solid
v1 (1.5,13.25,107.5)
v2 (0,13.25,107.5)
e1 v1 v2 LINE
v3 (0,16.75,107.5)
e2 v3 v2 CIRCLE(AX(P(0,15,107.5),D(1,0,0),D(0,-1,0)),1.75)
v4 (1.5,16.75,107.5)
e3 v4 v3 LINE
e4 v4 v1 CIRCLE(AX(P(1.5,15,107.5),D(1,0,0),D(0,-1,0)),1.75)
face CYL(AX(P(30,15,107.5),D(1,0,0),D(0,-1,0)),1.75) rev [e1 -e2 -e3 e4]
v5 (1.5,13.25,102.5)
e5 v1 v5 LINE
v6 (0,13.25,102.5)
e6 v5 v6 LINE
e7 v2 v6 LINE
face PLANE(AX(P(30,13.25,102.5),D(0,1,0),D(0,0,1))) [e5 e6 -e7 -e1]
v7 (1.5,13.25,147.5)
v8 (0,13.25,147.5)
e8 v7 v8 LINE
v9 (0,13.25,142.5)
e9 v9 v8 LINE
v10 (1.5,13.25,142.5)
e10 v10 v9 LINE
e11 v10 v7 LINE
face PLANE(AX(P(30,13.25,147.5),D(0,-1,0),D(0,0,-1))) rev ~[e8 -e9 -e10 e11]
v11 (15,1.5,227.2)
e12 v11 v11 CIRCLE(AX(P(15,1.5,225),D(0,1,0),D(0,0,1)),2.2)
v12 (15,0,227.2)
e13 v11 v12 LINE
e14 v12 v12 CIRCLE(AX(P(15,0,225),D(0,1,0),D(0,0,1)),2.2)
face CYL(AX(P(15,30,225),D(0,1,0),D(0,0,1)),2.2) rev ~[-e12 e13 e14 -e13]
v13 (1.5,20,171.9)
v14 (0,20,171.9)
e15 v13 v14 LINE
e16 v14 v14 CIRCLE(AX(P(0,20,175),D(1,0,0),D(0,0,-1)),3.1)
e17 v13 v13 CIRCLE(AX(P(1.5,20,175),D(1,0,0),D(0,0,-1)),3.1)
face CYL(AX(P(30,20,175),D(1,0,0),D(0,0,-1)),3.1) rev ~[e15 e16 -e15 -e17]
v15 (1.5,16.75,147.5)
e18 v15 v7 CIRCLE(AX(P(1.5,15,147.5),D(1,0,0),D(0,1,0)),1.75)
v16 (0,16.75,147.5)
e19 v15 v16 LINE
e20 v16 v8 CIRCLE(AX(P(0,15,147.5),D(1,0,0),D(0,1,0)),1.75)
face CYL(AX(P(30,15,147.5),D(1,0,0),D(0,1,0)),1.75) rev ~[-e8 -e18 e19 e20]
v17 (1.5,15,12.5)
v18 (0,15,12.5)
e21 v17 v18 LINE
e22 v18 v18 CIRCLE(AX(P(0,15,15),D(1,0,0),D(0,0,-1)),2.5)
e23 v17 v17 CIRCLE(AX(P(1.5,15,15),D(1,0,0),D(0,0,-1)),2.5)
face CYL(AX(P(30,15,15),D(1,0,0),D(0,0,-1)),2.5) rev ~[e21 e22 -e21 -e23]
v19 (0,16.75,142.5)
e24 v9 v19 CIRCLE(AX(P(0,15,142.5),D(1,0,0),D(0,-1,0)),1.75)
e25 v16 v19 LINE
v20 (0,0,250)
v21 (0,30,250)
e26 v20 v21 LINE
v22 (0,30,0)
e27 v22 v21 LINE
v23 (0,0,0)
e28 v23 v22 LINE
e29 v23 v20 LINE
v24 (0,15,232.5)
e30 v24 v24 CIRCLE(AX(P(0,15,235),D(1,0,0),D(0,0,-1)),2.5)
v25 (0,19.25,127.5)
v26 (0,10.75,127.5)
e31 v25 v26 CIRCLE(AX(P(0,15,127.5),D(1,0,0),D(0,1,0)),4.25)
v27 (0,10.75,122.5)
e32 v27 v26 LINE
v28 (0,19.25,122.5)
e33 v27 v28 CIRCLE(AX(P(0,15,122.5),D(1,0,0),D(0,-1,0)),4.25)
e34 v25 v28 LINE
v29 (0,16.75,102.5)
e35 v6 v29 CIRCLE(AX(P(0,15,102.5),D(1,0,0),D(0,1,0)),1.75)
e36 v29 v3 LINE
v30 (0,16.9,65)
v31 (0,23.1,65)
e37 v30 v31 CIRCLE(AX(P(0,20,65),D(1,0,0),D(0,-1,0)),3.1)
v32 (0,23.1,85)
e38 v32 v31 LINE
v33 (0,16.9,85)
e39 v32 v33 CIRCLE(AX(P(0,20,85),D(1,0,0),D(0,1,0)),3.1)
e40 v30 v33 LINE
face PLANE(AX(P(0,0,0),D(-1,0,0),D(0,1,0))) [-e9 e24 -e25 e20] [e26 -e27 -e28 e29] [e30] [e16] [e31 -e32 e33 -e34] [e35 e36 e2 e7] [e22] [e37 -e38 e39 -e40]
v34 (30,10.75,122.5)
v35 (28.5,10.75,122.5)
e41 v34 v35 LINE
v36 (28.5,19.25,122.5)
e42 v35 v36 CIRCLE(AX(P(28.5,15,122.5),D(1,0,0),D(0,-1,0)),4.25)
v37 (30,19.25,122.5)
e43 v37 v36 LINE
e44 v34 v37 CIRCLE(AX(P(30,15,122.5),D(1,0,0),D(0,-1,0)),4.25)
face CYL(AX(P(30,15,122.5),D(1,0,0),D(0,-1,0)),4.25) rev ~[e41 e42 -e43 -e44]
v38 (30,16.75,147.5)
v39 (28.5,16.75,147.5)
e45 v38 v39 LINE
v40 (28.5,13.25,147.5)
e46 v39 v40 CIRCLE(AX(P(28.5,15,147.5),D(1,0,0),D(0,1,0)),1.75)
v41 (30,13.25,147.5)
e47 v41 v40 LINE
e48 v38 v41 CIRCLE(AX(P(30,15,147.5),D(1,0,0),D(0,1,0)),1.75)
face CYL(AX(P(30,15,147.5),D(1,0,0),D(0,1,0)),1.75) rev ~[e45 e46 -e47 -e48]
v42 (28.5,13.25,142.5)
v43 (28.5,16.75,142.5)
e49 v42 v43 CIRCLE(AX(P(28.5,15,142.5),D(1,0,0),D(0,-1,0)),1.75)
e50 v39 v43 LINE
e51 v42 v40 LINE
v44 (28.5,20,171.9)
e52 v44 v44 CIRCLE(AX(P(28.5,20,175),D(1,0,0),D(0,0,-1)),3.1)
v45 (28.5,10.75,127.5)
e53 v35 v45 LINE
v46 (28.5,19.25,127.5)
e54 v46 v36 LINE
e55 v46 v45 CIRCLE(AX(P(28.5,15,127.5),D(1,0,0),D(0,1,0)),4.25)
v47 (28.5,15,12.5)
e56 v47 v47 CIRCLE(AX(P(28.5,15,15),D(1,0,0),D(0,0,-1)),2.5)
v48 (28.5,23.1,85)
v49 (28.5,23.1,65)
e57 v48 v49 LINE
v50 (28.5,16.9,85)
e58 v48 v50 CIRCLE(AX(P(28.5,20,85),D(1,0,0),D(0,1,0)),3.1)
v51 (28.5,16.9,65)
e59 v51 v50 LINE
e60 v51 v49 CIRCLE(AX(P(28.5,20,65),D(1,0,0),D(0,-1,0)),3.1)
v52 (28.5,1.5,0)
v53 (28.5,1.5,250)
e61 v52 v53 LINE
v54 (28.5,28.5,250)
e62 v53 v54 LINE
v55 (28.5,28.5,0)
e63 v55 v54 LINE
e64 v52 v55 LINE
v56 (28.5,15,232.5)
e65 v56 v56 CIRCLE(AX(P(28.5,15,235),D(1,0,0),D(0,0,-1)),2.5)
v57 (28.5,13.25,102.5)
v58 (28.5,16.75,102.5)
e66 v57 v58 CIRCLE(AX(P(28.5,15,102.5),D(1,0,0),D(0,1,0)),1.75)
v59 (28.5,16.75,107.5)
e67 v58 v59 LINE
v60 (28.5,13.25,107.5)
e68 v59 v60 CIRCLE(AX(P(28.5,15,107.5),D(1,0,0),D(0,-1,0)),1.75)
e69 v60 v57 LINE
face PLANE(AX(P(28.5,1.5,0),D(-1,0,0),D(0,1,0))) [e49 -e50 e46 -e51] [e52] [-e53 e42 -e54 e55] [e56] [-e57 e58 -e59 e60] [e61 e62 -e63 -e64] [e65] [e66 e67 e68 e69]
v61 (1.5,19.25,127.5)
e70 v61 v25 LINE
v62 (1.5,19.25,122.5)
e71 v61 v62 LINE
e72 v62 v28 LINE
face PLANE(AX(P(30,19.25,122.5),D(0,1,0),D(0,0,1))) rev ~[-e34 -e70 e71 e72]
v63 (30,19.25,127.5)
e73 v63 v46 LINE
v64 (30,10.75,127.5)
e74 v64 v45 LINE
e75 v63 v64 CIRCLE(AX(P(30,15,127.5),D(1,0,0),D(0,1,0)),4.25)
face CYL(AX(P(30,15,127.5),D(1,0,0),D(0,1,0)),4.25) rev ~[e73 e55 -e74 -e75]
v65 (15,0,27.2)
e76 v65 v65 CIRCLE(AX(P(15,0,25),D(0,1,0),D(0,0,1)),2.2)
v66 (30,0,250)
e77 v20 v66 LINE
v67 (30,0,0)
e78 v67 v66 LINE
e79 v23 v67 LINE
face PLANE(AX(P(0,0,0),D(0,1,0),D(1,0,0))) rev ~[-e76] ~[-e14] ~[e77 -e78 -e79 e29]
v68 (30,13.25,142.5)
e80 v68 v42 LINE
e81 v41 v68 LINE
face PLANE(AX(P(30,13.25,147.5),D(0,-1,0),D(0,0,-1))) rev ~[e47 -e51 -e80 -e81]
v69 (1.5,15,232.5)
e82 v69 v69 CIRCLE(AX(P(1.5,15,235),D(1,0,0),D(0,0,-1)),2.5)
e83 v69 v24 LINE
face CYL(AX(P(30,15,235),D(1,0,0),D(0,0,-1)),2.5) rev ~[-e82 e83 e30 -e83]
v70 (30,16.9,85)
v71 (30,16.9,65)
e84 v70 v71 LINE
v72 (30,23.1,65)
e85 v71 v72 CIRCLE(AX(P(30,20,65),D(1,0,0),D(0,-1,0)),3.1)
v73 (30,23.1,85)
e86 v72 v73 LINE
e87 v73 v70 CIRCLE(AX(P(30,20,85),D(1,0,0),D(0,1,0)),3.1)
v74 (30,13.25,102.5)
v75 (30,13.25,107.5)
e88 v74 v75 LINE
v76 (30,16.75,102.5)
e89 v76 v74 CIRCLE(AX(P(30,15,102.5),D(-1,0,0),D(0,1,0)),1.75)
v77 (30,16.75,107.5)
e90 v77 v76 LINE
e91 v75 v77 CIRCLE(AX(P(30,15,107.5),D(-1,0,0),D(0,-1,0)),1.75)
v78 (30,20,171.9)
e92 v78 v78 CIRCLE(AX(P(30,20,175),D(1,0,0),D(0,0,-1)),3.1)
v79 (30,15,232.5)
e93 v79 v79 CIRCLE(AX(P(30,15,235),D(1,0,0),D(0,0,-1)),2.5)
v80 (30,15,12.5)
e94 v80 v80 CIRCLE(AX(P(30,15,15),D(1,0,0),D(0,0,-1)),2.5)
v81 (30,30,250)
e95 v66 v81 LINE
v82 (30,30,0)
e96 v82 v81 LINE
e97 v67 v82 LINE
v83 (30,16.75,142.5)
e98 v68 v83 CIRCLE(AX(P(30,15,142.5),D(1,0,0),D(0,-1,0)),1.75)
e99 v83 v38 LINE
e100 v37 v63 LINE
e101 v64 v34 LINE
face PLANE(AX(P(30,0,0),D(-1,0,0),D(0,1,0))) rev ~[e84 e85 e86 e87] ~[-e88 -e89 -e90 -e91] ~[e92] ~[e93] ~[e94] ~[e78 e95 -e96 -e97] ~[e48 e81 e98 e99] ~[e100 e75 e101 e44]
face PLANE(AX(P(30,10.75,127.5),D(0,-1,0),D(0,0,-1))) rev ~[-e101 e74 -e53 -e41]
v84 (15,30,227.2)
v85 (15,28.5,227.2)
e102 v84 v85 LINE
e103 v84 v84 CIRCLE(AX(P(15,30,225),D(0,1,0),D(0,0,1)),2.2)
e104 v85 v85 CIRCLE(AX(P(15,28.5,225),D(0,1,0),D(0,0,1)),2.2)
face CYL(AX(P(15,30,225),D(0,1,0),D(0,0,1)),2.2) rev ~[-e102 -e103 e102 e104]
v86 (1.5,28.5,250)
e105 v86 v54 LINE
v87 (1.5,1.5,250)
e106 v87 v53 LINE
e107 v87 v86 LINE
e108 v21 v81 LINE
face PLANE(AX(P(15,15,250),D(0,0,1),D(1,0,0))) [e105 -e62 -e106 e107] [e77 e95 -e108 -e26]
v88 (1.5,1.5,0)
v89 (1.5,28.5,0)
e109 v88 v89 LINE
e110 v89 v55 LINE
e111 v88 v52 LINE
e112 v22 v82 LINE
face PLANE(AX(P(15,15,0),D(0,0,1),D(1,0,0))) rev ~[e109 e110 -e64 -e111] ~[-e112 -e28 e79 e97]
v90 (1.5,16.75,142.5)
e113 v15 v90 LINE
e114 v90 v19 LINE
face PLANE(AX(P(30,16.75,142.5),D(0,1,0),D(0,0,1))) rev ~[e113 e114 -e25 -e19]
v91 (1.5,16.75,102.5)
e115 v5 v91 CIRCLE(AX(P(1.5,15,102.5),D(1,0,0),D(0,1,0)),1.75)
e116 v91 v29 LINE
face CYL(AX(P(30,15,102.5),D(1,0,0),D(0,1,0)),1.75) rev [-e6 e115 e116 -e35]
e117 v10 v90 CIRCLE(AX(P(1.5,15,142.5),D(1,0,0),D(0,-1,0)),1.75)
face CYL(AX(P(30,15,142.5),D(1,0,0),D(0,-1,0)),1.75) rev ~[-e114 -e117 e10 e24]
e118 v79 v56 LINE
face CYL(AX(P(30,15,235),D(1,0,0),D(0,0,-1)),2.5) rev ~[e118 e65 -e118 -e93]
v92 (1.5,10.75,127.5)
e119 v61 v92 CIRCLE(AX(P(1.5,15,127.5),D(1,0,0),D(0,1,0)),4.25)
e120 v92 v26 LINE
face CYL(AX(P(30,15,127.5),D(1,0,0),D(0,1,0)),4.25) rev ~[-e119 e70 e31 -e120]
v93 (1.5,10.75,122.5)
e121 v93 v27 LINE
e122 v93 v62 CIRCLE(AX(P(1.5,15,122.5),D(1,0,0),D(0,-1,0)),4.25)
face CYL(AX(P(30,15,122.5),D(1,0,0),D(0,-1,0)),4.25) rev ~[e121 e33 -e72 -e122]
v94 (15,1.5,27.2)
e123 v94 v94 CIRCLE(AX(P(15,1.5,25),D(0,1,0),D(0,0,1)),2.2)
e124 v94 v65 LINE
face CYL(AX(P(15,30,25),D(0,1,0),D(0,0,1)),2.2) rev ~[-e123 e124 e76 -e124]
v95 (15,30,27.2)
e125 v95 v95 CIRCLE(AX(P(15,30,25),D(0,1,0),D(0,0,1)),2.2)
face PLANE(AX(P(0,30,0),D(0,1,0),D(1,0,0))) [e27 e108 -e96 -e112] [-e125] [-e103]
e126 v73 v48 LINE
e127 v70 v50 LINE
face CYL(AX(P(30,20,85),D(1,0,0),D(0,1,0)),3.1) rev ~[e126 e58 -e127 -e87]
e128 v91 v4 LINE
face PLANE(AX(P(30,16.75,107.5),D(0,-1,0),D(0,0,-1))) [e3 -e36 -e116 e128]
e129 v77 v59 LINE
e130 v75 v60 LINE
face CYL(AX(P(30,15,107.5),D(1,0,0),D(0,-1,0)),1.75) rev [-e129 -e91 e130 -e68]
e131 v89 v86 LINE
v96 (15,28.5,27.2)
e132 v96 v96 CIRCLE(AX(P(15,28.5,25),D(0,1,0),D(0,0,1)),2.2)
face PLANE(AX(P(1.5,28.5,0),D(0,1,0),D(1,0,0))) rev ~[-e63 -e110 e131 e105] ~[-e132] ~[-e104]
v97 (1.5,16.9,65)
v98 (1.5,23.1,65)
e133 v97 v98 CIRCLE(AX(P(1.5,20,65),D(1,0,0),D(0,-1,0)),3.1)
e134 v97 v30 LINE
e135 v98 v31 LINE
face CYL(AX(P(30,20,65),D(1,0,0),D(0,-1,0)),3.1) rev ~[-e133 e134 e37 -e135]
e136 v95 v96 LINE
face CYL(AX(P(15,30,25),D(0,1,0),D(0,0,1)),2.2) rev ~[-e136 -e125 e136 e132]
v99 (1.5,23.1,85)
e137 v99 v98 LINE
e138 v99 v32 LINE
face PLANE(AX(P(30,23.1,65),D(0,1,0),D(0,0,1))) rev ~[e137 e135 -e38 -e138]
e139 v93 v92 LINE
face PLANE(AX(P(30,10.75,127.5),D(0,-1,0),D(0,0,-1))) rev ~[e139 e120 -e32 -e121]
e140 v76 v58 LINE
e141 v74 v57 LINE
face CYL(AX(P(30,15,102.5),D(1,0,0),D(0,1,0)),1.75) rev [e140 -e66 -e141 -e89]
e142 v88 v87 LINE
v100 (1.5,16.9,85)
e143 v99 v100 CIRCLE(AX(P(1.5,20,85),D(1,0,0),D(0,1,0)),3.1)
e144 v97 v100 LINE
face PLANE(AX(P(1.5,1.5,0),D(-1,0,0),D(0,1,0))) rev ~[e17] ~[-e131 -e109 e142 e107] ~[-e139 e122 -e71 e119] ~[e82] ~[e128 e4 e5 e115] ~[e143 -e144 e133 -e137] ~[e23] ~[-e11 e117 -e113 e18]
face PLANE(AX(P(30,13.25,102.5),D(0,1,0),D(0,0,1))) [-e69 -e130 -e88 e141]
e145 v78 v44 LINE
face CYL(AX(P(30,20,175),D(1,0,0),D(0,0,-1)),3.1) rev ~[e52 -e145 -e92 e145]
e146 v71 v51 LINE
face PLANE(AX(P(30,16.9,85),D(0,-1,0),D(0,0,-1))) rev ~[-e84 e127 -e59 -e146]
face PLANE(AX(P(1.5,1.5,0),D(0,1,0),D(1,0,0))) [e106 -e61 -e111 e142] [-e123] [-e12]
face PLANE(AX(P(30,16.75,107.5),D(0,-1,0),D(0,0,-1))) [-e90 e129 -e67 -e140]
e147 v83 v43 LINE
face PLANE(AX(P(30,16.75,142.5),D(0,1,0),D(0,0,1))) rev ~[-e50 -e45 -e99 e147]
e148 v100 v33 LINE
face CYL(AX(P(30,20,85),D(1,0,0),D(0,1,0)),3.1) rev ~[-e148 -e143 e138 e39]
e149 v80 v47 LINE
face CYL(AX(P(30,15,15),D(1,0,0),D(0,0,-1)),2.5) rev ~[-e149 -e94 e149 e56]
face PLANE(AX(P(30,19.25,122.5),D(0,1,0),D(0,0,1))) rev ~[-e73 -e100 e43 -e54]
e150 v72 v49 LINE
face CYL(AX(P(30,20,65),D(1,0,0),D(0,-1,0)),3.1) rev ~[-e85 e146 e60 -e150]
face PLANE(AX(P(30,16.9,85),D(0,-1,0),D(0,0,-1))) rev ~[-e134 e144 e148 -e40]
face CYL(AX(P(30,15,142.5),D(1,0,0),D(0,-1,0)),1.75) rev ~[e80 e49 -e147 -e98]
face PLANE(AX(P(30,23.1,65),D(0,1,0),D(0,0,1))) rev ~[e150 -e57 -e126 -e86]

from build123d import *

# Parameters (mm, degrees)
SKETCH1_W           = 30
SKETCH1_H           = 30
SKETCH1_W_2         = 27
SKETCH1_H_2         = 27
BOSS_EXTRUDE1_DEPTH = 250
SKETCH2_R           = 2.5
SKETCH2_R_2         = 3.1
CUT_EXTRUDE1_DEPTH  = 254.574446662
SKETCH3_R           = 2.2
CUT_EXTRUDE2_DEPTH  = 254.574446662


with BuildPart() as part:
    # Sketch1 → Boss-Extrude1 (new body)
    with BuildSketch(Plane.XY):
        with Locations((15, 15)):
            Rectangle(SKETCH1_W, SKETCH1_H)
        with Locations((15, 15)):
            Rectangle(SKETCH1_W_2, SKETCH1_H_2, mode=Mode.SUBTRACT)
    extrude(amount=BOSS_EXTRUDE1_DEPTH)

    # Sketch2 → Cut-Extrude1 (cut, through all)
    with BuildSketch(Plane(origin=(30, 0, 0), x_dir=(0, 0, -1), z_dir=(1, 0, 0))):
        with Locations((-15, 15)):
            Circle(SKETCH2_R)
        with Locations((-235, 15)):
            Circle(SKETCH2_R)
        with Locations((-175, 20)):
            Circle(SKETCH2_R_2)
        with BuildLine():
            Line((-142.5, 16.75), (-147.5, 16.75))
            ThreePointArc((-147.5, 16.75), (-149.25, 15), (-147.5, 13.25))
            Line((-147.5, 13.25), (-142.5, 13.25))
            ThreePointArc((-142.5, 13.25), (-140.75, 15), (-142.5, 16.75))
        make_face()
        with BuildLine():
            Line((-107.5, 16.75), (-102.5, 16.75))
            ThreePointArc((-102.5, 16.75), (-100.75, 15), (-102.5, 13.25))
            Line((-102.5, 13.25), (-107.5, 13.25))
            ThreePointArc((-107.5, 13.25), (-109.25, 15), (-107.5, 16.75))
        make_face()
        with BuildLine():
            Line((-125, 19.25), (-127.5, 19.25))
            ThreePointArc((-127.5, 19.25), (-131.75, 15), (-127.5, 10.75))
            Line((-127.5, 10.75), (-125, 10.75))
            Line((-125, 10.75), (-122.5, 10.75))
            ThreePointArc((-122.5, 10.75), (-118.25, 15), (-122.5, 19.25))
            Line((-122.5, 19.25), (-125, 19.25))
        make_face()
        with BuildLine():
            Line((-75, 23.1), (-85, 23.1))
            ThreePointArc((-85, 23.1), (-88.1, 20), (-85, 16.9))
            Line((-85, 16.9), (-75, 16.9))
            Line((-75, 16.9), (-65, 16.9))
            ThreePointArc((-65, 16.9), (-61.9, 20), (-65, 23.1))
            Line((-65, 23.1), (-75, 23.1))
        make_face()
    extrude(amount=-CUT_EXTRUDE1_DEPTH, mode=Mode.SUBTRACT)

    # Sketch3 → Cut-Extrude2 (cut, through all)
    with BuildSketch(Plane(origin=(0, 30, 0), x_dir=(1, 0, 0), z_dir=(0, 1, 0))):
        with Locations(Location((15, -25, 0), (0, 0, 270))):
            Circle(SKETCH3_R)
        with Locations(Location((15, -225, 0), (0, 0, 270))):
            Circle(SKETCH3_R)
    extrude(amount=-CUT_EXTRUDE2_DEPTH, mode=Mode.SUBTRACT)


solid = part.part
